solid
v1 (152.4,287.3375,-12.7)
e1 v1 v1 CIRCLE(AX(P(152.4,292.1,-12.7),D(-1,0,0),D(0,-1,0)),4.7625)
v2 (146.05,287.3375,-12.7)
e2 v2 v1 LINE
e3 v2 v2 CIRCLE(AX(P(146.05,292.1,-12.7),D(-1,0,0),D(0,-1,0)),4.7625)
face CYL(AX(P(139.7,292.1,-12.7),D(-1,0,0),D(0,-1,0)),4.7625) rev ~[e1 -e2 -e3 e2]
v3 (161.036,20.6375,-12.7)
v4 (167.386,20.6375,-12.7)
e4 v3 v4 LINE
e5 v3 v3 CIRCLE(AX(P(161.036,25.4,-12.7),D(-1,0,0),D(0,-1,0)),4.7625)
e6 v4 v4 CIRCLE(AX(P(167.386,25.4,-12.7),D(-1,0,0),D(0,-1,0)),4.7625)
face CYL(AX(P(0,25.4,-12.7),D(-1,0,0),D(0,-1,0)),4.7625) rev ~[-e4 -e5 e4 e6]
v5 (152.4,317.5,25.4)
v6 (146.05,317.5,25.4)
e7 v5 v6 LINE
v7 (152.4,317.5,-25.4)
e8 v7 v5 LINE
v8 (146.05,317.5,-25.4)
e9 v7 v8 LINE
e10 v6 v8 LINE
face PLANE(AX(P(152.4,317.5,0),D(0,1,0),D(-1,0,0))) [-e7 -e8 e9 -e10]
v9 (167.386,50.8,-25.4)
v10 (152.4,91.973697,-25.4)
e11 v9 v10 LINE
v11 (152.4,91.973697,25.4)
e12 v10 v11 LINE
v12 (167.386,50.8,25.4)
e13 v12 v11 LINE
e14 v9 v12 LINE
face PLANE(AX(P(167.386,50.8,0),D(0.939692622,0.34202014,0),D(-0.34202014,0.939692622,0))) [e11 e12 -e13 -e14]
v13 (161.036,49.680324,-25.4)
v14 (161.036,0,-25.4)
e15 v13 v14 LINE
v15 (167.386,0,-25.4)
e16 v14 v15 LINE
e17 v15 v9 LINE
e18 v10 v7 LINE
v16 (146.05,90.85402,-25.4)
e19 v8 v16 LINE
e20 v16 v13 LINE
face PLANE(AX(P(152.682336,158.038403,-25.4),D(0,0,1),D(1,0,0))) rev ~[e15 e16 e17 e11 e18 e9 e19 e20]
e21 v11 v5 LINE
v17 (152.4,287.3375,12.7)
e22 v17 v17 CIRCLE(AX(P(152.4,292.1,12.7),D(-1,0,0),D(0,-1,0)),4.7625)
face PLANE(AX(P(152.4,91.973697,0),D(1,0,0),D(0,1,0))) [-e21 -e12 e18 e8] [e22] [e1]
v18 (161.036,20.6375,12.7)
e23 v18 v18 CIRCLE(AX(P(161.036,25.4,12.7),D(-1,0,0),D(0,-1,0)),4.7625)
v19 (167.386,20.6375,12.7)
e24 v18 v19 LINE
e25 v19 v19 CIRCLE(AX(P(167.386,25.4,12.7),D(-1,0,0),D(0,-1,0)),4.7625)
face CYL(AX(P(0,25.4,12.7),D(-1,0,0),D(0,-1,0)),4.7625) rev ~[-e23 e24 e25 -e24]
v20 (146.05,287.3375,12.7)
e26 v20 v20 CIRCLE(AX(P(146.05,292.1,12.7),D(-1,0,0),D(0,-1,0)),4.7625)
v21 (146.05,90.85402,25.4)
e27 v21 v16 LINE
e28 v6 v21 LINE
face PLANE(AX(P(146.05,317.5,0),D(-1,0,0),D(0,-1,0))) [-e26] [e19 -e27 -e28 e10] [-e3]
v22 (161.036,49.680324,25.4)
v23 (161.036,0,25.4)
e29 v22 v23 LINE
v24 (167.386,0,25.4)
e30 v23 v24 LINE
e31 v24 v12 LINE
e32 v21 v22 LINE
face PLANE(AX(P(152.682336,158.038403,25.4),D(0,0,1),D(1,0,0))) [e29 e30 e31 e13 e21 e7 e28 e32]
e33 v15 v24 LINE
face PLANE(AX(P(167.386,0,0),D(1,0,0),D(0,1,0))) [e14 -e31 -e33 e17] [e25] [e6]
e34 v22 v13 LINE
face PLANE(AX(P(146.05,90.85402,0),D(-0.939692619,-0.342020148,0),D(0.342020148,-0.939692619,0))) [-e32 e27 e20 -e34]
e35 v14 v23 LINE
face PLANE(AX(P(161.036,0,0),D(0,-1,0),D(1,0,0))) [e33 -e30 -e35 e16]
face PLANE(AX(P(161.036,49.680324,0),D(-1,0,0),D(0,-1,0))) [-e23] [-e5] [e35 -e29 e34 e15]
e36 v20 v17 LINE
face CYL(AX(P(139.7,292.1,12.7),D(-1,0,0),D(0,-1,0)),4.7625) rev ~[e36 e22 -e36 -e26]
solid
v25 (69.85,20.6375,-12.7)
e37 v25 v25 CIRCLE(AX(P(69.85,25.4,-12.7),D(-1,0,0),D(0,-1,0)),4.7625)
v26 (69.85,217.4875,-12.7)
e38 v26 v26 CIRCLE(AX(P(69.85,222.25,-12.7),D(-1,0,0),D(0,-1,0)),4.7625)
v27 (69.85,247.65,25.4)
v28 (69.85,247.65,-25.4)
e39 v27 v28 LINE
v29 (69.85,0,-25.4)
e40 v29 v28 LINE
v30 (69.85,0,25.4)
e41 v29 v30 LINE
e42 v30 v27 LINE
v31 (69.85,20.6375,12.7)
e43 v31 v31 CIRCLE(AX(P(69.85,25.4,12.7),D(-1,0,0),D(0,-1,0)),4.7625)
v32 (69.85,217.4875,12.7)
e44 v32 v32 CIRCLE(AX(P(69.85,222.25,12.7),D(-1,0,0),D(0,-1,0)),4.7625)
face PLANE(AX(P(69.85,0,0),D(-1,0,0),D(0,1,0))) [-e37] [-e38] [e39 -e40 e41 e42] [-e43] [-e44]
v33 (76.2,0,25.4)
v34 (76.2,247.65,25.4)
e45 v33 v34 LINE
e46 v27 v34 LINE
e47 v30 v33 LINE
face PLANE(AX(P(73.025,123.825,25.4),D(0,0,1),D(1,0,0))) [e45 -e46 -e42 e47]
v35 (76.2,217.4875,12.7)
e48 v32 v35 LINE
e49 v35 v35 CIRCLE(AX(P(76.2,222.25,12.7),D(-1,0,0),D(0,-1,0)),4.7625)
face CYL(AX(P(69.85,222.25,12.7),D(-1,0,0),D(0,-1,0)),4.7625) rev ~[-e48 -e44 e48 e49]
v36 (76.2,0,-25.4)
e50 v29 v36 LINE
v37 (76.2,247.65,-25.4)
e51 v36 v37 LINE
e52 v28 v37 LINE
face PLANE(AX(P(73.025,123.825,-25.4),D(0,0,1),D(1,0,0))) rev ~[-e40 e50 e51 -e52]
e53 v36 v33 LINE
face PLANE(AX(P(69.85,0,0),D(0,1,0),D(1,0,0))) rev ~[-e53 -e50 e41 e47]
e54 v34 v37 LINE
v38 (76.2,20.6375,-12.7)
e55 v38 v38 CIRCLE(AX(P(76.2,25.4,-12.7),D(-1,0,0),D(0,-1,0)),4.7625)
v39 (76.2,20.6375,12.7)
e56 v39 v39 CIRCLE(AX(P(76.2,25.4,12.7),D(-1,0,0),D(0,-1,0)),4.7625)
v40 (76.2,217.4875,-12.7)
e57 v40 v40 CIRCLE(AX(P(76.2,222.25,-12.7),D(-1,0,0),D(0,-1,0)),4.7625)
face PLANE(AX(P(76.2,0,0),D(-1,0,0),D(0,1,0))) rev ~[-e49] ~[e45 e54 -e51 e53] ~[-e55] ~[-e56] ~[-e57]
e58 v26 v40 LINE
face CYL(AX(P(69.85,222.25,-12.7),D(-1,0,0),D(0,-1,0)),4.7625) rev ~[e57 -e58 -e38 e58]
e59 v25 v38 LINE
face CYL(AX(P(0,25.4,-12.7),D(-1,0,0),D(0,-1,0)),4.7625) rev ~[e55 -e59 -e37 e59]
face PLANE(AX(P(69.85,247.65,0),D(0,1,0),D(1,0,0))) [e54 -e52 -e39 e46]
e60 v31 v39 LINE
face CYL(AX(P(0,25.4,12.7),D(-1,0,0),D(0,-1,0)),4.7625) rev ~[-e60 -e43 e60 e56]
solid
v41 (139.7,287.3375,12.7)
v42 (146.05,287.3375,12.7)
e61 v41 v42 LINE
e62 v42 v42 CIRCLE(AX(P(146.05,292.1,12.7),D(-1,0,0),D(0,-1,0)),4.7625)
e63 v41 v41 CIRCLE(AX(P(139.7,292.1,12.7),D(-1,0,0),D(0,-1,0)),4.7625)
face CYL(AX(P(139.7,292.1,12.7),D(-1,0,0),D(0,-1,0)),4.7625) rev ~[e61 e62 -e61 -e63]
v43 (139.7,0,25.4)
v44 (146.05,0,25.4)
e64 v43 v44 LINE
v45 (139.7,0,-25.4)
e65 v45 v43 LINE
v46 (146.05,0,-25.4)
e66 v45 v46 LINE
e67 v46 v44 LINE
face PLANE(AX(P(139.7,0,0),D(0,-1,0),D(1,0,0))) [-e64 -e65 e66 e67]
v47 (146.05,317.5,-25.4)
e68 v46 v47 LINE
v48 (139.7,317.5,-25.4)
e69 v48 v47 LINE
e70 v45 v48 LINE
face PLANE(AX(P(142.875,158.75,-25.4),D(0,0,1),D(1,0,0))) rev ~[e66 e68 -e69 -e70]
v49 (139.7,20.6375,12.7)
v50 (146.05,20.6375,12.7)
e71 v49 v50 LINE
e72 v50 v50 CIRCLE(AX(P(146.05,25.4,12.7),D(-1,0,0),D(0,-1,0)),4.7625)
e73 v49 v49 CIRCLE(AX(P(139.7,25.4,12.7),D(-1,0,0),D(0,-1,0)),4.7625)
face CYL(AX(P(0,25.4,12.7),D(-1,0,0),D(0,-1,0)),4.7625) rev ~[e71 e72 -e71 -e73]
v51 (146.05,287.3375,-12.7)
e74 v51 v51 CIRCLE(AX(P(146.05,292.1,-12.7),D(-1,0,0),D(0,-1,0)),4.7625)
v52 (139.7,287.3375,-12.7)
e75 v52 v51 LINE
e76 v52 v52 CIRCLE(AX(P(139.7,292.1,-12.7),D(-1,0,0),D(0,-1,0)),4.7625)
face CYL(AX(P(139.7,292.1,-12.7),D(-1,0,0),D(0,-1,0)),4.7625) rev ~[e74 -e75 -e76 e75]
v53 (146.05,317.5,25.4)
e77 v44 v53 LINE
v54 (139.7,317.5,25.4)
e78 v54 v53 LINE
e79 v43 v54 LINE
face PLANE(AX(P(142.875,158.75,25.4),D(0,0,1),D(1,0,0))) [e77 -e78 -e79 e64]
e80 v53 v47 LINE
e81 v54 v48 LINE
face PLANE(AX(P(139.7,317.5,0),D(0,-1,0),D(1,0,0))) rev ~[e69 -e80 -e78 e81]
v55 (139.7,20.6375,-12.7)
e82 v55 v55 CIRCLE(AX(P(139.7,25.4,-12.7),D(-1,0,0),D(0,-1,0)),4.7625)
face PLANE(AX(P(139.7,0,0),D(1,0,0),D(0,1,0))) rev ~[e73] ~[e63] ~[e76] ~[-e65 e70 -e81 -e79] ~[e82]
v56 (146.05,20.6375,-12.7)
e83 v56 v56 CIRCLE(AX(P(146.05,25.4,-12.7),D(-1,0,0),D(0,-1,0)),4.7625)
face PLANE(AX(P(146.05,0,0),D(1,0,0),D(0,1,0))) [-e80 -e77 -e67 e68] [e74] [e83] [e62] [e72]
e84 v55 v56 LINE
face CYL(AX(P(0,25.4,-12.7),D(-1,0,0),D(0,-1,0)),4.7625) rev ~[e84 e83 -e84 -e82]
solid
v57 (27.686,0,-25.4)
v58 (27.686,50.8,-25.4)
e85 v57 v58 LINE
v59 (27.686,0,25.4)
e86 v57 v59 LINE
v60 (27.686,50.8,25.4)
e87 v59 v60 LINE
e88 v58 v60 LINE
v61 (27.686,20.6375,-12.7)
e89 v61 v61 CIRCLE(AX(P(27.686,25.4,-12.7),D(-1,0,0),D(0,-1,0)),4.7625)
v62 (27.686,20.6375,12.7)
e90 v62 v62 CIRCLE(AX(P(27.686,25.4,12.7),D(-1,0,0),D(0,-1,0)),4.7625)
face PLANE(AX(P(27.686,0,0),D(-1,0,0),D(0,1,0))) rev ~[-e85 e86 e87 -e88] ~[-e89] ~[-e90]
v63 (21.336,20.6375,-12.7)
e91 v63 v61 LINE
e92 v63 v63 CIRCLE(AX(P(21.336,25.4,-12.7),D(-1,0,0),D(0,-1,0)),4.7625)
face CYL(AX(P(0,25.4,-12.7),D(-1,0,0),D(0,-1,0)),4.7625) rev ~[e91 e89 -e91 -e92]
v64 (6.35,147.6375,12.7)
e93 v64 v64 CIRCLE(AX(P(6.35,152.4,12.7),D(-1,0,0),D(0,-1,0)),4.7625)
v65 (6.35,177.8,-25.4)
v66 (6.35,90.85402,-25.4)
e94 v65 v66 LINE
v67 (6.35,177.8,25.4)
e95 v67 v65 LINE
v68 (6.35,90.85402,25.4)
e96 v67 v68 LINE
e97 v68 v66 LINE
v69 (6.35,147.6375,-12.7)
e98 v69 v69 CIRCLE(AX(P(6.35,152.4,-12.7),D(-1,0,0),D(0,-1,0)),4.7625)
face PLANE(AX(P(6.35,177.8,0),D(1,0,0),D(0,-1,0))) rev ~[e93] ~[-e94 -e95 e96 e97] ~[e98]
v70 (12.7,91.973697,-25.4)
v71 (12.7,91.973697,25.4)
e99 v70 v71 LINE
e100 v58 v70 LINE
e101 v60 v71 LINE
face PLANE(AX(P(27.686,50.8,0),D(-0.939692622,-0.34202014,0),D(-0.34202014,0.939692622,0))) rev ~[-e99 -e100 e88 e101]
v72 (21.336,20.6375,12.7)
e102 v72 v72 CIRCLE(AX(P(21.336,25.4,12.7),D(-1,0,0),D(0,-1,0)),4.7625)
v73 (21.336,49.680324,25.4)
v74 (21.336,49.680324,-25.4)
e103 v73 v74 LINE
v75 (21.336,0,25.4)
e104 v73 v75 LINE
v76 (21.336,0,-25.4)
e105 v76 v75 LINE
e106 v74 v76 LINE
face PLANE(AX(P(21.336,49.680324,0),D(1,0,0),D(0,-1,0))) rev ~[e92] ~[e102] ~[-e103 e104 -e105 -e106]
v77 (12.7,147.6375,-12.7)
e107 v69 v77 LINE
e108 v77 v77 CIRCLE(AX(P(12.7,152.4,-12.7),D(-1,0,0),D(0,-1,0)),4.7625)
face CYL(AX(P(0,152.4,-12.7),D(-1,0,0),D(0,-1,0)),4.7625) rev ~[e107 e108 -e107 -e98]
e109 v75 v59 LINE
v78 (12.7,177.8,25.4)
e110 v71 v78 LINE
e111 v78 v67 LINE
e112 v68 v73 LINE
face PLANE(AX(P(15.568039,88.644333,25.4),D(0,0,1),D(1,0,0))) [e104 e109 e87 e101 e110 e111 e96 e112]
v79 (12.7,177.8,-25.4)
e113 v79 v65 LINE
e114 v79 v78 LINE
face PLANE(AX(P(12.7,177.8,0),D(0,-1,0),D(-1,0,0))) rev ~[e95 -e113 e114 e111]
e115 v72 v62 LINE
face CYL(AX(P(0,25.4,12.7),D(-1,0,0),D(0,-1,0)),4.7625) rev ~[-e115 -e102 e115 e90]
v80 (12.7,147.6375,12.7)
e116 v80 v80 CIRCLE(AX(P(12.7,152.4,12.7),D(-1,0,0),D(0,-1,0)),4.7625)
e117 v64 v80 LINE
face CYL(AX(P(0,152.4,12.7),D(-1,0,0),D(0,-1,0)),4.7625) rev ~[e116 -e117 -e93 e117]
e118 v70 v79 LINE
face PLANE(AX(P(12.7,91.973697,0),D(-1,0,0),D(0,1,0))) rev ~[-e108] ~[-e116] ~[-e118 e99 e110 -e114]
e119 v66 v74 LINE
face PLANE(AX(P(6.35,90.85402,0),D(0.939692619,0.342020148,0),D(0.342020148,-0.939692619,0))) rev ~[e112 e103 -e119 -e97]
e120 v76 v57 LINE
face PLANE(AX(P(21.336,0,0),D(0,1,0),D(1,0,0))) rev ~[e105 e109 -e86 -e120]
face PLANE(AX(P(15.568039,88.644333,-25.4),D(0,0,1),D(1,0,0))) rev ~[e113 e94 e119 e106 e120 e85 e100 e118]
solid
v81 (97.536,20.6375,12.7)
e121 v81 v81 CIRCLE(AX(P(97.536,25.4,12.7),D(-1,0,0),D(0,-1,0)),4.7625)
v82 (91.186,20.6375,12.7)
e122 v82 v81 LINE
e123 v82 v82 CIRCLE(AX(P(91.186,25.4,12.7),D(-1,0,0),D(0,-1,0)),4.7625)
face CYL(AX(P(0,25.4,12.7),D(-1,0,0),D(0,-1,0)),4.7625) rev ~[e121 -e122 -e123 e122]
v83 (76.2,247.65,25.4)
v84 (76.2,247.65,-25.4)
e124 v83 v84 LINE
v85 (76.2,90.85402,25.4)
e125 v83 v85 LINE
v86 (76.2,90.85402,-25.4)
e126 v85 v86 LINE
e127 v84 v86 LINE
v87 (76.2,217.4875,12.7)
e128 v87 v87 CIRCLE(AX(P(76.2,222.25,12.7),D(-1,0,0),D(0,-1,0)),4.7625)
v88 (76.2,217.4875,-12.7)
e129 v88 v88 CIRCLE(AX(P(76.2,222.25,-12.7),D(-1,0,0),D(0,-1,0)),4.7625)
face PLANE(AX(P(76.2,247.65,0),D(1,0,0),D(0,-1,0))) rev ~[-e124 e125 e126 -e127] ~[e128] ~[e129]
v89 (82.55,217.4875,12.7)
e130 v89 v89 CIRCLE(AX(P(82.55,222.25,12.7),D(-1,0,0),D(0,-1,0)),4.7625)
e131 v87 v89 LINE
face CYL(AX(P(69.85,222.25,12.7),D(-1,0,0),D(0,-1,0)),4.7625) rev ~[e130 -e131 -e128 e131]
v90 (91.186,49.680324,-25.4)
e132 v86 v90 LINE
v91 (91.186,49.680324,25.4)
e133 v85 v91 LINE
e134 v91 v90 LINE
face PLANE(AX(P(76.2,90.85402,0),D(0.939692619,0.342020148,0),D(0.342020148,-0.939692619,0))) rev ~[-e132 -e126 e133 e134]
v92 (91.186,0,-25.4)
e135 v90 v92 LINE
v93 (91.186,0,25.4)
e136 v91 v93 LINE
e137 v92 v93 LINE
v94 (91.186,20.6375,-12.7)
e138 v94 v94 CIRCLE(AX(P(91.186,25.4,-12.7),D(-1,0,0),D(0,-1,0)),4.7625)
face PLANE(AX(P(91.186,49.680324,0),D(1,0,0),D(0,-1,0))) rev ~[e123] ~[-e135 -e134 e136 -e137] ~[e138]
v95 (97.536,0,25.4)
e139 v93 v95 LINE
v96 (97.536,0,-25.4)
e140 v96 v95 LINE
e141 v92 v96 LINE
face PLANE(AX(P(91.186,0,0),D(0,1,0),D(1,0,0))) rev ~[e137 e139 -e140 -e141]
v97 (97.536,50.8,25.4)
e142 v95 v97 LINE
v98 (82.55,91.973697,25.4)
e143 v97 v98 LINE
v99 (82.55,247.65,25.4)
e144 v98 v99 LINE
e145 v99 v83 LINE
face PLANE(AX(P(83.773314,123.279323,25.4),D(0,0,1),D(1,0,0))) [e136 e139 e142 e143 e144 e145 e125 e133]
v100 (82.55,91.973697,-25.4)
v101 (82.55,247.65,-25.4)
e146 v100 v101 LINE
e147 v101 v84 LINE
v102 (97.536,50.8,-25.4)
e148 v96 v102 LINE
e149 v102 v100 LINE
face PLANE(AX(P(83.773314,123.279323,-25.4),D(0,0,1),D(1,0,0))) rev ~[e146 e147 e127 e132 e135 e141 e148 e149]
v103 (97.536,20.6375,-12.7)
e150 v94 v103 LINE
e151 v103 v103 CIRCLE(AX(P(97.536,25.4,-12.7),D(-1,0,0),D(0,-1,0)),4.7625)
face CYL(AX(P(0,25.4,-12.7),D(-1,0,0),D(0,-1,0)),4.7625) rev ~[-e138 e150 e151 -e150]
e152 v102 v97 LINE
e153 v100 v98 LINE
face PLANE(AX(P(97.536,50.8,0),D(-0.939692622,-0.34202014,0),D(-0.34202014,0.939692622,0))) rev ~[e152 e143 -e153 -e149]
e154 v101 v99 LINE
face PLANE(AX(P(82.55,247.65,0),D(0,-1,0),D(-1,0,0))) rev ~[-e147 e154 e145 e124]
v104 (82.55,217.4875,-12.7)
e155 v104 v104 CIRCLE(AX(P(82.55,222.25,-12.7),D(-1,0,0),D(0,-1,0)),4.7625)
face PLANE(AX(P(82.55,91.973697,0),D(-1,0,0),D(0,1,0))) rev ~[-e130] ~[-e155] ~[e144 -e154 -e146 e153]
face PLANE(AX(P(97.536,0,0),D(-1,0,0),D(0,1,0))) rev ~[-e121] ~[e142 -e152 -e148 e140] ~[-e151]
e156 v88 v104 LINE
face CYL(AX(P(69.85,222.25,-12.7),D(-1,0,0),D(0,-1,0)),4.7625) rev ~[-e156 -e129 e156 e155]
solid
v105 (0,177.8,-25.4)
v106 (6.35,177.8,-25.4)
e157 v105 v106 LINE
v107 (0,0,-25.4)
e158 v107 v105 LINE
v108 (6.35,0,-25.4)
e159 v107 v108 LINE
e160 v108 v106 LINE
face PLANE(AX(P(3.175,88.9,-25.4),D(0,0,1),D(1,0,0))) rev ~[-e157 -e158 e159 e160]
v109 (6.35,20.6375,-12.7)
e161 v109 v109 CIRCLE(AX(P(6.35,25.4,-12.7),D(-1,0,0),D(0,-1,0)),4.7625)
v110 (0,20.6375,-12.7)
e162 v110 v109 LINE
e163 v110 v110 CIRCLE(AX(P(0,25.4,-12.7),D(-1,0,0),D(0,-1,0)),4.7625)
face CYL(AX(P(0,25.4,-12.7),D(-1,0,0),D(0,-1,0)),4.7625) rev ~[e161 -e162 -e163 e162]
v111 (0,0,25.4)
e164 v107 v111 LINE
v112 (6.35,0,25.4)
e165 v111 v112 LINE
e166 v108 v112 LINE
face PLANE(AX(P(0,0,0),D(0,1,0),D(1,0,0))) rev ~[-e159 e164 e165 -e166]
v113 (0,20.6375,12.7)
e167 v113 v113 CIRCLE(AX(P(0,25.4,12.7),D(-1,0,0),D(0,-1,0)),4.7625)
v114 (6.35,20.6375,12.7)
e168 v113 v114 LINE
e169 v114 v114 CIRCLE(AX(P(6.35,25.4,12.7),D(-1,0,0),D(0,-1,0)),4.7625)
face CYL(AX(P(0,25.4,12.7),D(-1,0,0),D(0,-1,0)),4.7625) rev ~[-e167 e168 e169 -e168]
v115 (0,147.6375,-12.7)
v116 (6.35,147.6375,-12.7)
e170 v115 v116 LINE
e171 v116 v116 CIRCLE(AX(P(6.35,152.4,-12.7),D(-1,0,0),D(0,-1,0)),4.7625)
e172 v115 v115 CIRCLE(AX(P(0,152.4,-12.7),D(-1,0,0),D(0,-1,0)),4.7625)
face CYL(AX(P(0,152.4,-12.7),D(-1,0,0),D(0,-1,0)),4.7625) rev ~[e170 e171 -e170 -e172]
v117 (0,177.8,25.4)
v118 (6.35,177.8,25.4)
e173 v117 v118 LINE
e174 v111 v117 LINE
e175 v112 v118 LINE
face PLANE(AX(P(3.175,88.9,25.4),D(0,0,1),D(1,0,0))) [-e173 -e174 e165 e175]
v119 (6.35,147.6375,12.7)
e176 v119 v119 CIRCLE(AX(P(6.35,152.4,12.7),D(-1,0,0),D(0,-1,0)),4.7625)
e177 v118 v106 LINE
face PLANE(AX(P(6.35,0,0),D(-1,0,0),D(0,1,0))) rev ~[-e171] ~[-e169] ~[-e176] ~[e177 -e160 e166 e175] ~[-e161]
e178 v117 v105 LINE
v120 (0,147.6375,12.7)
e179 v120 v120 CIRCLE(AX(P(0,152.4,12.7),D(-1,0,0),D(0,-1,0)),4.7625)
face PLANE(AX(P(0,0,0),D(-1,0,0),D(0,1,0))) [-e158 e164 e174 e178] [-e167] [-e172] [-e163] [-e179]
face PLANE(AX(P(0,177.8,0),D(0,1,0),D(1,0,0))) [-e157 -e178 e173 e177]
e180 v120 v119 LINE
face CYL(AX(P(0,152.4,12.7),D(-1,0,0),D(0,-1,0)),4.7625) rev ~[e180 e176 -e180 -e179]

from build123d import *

# Parameters (mm, degrees)
F0_W      = 6.35
F0_H      = 177.8
F0_H_2    = 247.65
F0_H_3    = 317.5
F1_DEPTH  = 25.4
F3_DEPTH  = 25.4
F4_R      = 4.7625
F5_DEPTH  = 167.387
F6_R      = 4.7625
F7_DEPTH  = 12.7
F8_R      = 4.7625
F9_DEPTH  = 12.7
F10_R     = 4.7625
F11_DEPTH = 12.7


with BuildPart() as f1:
    # F0 (on Top) → F1 (new body, symmetric)
    with BuildSketch(Plane.XY):
        with Locations((3.175, 88.9)):
            Rectangle(F0_W, F0_H)
        with Locations((73.025, 123.825)):
            Rectangle(F0_W, F0_H_2)
        with Locations((142.875, 158.75)):
            Rectangle(F0_W, F0_H_3)
    extrude(amount=F1_DEPTH, both=True)


with BuildPart() as f3:
    # F2 (on Top) → F3 (new body, symmetric)
    with BuildSketch(Plane.XY):
        Polygon((21.336, 49.680324), (21.336, 0), (27.686, 0), (27.686, 50.8), (12.7, 91.973697), (12.7, 177.8), (6.35, 177.8), (6.35, 90.85402), align=None)
        Polygon((91.186, 49.680324), (91.186, 0), (97.536, 0), (97.536, 50.8), (82.55, 91.973697), (82.55, 247.65), (76.2, 247.65), (76.2, 90.85402), align=None)
        Polygon((161.036, 49.680324), (161.036, 0), (167.386, 0), (167.386, 50.8), (152.4, 91.973697), (152.4, 317.5), (146.05, 317.5), (146.05, 90.85402), align=None)
    extrude(amount=F3_DEPTH, both=True)


with BuildPart() as f5_tool:
    # F4 (on face) → F5 (new body, through all)
    with BuildSketch(Plane(origin=(0, 0, 0), x_dir=(0, -1, 0), z_dir=(-1, 0, 0))):
        with Locations((-25.4, 12.7)):
            Circle(F4_R)
        with Locations((-25.4, -12.7)):
            Circle(F4_R)
    extrude(amount=-F5_DEPTH)


with BuildPart() as f1_1:
    add(f1.part)

    # F5: cut by f5_tool
    add(f5_tool.part, mode=Mode.SUBTRACT)


with BuildPart() as f3_1:
    add(f3.part)

    # F5: cut by f5_tool
    add(f5_tool.part, mode=Mode.SUBTRACT)


with BuildPart() as f7_tool:
    # F6 (on face) → F7 (new body, through all)
    with BuildSketch(Plane(origin=(0, 0, 0), x_dir=(0, -1, 0), z_dir=(-1, 0, 0))):
        with Locations((-152.4, 12.7)):
            Circle(F6_R)
        with Locations((-152.4, -12.7)):
            Circle(F6_R)
    extrude(amount=-F7_DEPTH)


with BuildPart() as f1_2:
    add(f1_1.part)

    # F7: cut by f7_tool
    add(f7_tool.part, mode=Mode.SUBTRACT)


with BuildPart() as f3_2:
    add(f3_1.part)

    # F7: cut by f7_tool
    add(f7_tool.part, mode=Mode.SUBTRACT)


with BuildPart() as f9_tool:
    # F8 (on face) → F9 (new body, through all)
    with BuildSketch(Plane(origin=(69.85, 0, 0), x_dir=(0, -1, 0), z_dir=(-1, 0, 0))):
        with Locations((-222.25, 12.7)):
            Circle(F8_R)
        with Locations((-222.25, -12.7)):
            Circle(F8_R)
    extrude(amount=-F9_DEPTH)


with BuildPart() as f1_3:
    add(f1_2.part)

    # F9: cut by f9_tool
    add(f9_tool.part, mode=Mode.SUBTRACT)


with BuildPart() as f3_3:
    add(f3_2.part)

    # F9: cut by f9_tool
    add(f9_tool.part, mode=Mode.SUBTRACT)


with BuildPart() as f11_tool:
    # F10 (on face) → F11 (new body, through all)
    with BuildSketch(Plane(origin=(139.7, 0, 0), x_dir=(0, -1, 0), z_dir=(-1, 0, 0))):
        with Locations((-292.1, 12.7)):
            Circle(F10_R)
        with Locations((-292.1, -12.7)):
            Circle(F10_R)
    extrude(amount=-F11_DEPTH)


with BuildPart() as f1_4:
    add(f1_3.part)

    # F11: cut by f11_tool
    add(f11_tool.part, mode=Mode.SUBTRACT)


with BuildPart() as f3_4:
    add(f3_3.part)

    # F11: cut by f11_tool
    add(f11_tool.part, mode=Mode.SUBTRACT)


solid = Compound([f1_4.part, f3_4.part])
